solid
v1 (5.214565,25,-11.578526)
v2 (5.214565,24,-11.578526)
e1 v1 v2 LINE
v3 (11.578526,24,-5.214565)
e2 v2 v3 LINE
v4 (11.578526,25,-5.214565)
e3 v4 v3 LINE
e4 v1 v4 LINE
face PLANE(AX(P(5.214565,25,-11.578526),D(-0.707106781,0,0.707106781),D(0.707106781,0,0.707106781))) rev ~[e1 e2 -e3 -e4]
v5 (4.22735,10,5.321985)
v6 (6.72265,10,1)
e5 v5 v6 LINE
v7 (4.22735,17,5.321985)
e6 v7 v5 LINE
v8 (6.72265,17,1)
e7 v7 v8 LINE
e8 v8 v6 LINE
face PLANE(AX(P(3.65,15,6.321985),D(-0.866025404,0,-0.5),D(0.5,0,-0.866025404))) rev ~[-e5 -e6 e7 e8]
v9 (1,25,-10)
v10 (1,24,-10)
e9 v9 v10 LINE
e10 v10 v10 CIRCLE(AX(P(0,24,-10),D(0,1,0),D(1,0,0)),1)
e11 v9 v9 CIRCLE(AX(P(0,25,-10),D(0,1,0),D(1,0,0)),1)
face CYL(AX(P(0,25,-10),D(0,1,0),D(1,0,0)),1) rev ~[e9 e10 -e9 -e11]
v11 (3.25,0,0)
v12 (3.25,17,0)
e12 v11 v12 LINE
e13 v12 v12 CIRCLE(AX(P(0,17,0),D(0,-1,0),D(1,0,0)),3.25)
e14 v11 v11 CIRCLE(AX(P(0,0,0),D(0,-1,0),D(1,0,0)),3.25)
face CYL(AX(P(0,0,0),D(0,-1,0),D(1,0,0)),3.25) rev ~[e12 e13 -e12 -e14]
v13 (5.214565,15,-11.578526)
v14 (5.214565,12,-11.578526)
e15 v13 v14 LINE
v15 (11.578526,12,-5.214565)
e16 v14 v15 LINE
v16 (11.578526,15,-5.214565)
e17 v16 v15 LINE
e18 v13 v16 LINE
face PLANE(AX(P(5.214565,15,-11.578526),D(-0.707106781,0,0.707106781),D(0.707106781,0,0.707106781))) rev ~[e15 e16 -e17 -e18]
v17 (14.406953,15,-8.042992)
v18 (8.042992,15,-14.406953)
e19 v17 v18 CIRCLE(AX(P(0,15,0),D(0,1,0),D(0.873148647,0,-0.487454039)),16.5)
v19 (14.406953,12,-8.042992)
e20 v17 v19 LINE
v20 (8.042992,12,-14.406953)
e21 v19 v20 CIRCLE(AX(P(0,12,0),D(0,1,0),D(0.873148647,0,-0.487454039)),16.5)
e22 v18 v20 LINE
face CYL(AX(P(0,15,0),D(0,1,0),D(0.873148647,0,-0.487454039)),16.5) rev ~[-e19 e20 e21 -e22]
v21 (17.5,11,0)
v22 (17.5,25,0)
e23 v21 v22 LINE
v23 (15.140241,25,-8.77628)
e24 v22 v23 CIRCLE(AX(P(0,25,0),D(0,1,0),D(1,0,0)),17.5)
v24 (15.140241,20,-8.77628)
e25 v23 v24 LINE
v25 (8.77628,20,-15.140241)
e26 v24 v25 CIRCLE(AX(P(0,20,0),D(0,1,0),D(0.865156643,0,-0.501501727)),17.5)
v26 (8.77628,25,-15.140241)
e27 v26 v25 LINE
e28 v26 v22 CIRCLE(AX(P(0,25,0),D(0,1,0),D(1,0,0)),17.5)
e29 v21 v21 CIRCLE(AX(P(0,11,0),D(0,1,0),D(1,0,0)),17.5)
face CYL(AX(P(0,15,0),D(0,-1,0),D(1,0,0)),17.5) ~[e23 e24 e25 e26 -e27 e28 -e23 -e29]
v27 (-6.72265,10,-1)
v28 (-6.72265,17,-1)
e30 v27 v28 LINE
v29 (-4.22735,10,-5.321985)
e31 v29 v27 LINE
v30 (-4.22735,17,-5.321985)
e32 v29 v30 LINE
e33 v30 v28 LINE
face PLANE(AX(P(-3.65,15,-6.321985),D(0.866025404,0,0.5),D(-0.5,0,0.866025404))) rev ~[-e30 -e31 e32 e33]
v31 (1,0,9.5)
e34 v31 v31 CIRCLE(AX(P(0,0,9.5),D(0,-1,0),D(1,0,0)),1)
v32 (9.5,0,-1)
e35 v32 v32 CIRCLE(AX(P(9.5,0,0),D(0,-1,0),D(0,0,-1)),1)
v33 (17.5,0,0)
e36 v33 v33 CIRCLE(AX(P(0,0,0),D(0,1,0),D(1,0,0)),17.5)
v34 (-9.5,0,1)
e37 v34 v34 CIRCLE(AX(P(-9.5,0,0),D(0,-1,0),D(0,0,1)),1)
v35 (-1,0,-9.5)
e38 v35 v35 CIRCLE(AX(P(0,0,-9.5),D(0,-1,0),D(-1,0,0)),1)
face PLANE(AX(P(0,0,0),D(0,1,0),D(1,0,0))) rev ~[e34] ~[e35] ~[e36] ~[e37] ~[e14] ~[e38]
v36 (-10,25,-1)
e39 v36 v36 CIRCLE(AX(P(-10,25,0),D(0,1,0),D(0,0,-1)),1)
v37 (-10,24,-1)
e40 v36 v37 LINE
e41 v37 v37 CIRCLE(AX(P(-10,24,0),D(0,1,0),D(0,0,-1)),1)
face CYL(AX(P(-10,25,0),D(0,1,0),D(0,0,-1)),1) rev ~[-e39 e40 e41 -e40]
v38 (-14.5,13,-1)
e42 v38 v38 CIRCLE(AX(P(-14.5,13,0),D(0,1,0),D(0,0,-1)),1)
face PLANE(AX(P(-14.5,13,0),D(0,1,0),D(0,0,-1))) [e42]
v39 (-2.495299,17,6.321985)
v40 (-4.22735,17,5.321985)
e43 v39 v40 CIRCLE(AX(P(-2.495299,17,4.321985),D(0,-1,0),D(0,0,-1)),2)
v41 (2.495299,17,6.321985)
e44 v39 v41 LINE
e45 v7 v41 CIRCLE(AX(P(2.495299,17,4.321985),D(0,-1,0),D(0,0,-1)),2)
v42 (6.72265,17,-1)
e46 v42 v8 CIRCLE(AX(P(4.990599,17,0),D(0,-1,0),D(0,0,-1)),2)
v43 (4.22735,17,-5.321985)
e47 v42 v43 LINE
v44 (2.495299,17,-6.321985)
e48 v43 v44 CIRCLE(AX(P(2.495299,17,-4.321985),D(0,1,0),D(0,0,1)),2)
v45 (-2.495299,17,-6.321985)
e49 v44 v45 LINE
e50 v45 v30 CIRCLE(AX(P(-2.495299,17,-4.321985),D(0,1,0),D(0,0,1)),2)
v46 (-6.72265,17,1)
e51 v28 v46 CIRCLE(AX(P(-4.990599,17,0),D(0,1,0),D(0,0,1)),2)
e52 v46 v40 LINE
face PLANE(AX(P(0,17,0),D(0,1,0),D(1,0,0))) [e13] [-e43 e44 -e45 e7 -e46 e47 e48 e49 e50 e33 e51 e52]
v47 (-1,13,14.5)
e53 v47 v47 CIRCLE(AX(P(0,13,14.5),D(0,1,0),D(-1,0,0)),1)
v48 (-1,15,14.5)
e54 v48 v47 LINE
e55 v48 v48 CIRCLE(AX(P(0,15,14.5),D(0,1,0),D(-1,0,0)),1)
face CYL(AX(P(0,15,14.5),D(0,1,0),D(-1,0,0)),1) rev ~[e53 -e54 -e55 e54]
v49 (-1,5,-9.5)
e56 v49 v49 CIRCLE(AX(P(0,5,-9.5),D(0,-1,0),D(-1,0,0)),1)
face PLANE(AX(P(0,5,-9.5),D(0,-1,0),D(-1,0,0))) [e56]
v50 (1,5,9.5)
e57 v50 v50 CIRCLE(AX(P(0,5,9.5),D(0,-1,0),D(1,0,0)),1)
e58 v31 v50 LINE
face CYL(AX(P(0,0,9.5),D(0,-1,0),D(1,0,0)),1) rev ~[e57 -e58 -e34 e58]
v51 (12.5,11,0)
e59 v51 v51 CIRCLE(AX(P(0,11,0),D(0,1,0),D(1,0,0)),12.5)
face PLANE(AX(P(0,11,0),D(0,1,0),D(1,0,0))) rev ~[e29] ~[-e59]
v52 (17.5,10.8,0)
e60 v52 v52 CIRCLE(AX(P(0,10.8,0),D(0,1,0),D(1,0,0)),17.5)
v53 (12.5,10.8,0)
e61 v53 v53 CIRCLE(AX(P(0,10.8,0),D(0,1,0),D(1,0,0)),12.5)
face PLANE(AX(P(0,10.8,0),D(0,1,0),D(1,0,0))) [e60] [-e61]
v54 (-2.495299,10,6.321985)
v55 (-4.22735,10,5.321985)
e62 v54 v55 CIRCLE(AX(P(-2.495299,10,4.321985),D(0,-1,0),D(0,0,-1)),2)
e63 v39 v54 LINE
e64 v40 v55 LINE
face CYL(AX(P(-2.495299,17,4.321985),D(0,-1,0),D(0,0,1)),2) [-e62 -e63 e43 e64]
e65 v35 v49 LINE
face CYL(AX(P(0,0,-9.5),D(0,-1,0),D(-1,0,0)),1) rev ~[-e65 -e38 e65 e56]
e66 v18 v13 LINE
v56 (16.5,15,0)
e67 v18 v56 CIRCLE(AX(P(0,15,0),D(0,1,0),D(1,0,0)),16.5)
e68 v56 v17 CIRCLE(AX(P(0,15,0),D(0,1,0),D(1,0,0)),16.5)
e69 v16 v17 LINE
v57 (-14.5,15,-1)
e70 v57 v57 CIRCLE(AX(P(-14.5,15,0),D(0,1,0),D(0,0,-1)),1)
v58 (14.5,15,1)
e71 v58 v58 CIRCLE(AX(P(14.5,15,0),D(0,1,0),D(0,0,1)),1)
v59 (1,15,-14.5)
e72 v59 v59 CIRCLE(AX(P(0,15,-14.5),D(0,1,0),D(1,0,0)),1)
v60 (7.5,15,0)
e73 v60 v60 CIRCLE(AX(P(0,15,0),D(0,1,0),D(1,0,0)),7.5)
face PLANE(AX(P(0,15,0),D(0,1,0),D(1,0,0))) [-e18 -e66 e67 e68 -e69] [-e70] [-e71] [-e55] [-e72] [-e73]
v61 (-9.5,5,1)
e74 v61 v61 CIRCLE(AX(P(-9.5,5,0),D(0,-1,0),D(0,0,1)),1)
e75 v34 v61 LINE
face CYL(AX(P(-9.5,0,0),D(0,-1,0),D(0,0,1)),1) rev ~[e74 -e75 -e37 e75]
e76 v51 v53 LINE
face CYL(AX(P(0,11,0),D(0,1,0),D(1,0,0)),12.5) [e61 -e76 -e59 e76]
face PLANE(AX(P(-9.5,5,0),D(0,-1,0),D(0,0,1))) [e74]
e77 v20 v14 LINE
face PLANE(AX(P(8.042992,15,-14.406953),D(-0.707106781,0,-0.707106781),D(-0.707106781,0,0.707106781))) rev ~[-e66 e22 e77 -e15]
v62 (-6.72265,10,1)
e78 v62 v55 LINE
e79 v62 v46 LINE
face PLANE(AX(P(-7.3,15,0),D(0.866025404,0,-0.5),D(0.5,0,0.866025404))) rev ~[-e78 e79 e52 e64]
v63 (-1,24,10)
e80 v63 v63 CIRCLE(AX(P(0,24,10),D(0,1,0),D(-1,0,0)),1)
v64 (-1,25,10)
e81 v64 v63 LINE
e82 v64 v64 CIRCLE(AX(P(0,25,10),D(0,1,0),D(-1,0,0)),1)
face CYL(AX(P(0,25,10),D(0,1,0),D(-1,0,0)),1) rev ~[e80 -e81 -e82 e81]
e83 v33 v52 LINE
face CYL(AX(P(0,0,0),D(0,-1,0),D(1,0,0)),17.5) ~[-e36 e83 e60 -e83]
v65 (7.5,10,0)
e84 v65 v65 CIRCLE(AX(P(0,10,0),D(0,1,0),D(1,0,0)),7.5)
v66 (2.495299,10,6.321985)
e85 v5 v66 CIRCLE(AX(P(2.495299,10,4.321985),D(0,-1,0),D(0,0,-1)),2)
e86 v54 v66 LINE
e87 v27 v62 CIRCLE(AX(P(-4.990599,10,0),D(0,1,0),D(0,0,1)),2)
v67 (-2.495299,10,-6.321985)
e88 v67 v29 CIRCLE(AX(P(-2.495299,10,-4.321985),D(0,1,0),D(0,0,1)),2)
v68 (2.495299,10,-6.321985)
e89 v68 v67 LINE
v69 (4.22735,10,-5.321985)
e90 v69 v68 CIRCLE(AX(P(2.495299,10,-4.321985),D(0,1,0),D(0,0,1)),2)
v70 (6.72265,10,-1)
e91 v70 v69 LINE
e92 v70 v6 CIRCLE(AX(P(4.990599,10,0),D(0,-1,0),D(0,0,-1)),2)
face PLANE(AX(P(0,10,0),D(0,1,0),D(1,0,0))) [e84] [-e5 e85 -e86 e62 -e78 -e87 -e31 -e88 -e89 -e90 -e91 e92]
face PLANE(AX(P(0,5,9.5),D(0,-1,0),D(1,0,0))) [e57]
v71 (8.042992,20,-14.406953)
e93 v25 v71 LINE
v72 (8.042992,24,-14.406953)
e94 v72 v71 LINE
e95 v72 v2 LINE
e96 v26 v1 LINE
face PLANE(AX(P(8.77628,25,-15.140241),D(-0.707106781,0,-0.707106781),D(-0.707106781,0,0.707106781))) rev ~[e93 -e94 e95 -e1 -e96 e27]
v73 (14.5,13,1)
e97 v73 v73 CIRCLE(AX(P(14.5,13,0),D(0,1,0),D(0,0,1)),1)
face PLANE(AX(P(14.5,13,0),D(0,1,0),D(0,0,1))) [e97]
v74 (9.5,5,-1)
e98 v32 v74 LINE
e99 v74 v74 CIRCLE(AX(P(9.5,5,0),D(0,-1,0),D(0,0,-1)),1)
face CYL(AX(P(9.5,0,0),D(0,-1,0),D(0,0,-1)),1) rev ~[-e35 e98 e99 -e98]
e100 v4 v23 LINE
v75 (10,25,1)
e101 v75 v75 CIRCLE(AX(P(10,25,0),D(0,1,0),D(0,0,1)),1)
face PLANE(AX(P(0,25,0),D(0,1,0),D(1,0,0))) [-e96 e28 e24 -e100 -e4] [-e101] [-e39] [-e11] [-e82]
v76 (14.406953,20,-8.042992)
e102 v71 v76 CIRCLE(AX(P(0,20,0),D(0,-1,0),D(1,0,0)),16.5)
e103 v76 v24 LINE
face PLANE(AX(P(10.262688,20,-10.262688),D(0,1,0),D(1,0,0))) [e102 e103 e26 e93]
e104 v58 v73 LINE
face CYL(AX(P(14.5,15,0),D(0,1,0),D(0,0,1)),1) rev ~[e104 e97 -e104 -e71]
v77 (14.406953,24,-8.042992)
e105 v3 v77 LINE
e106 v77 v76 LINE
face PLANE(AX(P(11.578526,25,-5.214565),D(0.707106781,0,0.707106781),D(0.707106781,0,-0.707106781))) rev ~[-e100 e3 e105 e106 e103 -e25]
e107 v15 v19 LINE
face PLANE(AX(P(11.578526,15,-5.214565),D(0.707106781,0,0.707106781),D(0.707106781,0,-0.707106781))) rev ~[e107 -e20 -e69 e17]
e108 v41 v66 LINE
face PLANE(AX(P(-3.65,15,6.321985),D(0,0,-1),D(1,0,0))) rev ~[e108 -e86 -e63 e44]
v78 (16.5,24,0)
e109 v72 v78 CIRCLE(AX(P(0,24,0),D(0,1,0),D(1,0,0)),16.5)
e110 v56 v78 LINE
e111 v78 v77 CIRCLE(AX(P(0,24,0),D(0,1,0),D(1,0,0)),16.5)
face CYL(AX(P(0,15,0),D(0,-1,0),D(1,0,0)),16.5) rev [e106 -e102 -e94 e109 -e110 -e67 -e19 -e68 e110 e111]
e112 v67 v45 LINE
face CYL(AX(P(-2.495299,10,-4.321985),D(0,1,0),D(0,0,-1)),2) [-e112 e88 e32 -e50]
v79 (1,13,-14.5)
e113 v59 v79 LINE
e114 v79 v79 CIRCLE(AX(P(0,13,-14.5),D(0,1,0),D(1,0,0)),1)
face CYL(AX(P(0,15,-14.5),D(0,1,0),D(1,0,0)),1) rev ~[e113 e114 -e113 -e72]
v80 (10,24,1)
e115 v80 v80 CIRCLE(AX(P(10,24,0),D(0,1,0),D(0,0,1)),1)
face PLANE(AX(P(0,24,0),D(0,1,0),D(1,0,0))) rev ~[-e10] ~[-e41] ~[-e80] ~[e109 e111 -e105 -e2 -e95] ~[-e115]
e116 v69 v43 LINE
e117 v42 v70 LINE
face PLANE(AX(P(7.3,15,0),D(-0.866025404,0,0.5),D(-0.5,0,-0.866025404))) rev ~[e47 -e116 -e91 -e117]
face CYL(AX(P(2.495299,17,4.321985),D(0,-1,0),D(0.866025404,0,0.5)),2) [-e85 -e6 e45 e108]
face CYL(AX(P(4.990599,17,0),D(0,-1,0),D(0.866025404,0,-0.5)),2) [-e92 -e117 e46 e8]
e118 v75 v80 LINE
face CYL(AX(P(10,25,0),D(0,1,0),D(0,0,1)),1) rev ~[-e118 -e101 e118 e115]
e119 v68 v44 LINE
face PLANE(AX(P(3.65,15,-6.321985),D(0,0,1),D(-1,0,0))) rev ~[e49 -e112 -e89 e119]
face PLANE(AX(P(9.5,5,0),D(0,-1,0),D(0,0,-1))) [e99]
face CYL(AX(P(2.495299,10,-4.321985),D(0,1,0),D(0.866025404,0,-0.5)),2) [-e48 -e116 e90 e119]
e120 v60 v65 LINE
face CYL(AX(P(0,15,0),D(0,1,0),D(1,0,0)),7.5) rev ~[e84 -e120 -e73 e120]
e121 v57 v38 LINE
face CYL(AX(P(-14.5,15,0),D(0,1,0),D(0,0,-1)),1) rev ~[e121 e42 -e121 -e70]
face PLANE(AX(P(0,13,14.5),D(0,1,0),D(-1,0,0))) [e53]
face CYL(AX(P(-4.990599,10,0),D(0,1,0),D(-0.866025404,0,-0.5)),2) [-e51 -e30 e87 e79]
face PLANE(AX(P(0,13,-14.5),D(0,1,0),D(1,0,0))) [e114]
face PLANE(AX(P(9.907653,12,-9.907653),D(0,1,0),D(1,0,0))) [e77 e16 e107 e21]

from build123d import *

# Parameters (mm, degrees)
SKETCH1_R           = 17.5
BOSS_EXTRUDE1_DEPTH = 15
BOSS_EXTRUDE2_DEPTH = 2
CUT_EXTRUDE1_REACH  = 19
SKETCH3_R           = 3.25
SKETCH4_R           = 1
CUT_EXTRUDE2_DEPTH  = 5
CIRPATTERN1_COUNT   = 4
SKETCH5_R           = 1
CUT_EXTRUDE3_DEPTH  = 2
CIRPATTERN2_COUNT   = 4
SKETCH6_R           = 7.5
CUT_EXTRUDE4_DEPTH  = 5
CUT_EXTRUDE6_START  = -4
SKETCH7_R           = 17.5
SKETCH7_R_2         = 12.5
CUT_EXTRUDE6_DEPTH  = 0.2
FILLET1_R           = 2
CUT_EXTRUDE7_DEPTH  = 3
SKETCH9_R           = 17.5
SKETCH9_R_2         = 16.5
BOSS_EXTRUDE3_DEPTH = 10
SKETCH10_R          = 16.5
BOSS_EXTRUDE4_DEPTH = 1
CUT_EXTRUDE8_DEPTH  = 5
SKETCH12_R          = 1
CUT_EXTRUDE9_DEPTH  = 1
CIRPATTERN3_COUNT   = 4


with BuildPart() as part:
    # Sketch1 → Boss-Extrude1 (new body)
    with BuildSketch(Plane(origin=(0, 0, 0), x_dir=(1, 0, 0), z_dir=(0, 1, 0))):
        Circle(SKETCH1_R)
    extrude(amount=BOSS_EXTRUDE1_DEPTH)

    # Sketch2 → Boss-Extrude2 (add)
    with BuildSketch(Plane(origin=(0, 15, 0), x_dir=(1, 0, 0), z_dir=(0, 1, 0))):
        Polygon((7.3, 0), (3.65, 6.321985448), (-3.65, 6.321985448), (-7.3, 0), (-3.65, -6.321985448), (3.65, -6.321985448), align=None)
    extrude(amount=BOSS_EXTRUDE2_DEPTH)

    # Sketch3 → Cut-Extrude1 (cut, up to next)
    with BuildSketch(Plane.XZ, mode=Mode.PRIVATE) as cut_extrude1_sk1:
        Circle(SKETCH3_R)
    cut_extrude1_tool1 = extrude(cut_extrude1_sk1.sketch, amount=-CUT_EXTRUDE1_REACH, mode=Mode.PRIVATE) & part.part
    add(cut_extrude1_tool1.solids().sort_by_distance((0, 0, 0))[0], mode=Mode.SUBTRACT)

    # Sketch4 → Cut-Extrude2 (cut)
    with BuildSketch(Plane.XZ):
        with Locations((0, 9.5)):
            Circle(SKETCH4_R)
    cut_extrude2 = extrude(amount=-CUT_EXTRUDE2_DEPTH, mode=Mode.SUBTRACT)

    # CirPattern1: Cut-Extrude2 ×4 about axis
    cirpattern1_axis = Axis((0, 0, 0), (0, 1, 0))
    for i in range(1, CIRPATTERN1_COUNT):
        add(cut_extrude2.rotate(cirpattern1_axis, i * 360 / CIRPATTERN1_COUNT), mode=Mode.SUBTRACT)

    # Sketch5 → Cut-Extrude3 (cut)
    with BuildSketch(Plane(origin=(0, 15, 0), x_dir=(1, 0, 0), z_dir=(0, 1, 0))):
        with Locations((0, 14.5)):
            Circle(SKETCH5_R)
    cut_extrude3 = extrude(amount=-CUT_EXTRUDE3_DEPTH, mode=Mode.SUBTRACT)

    # CirPattern2: Cut-Extrude3 ×4 about axis
    cirpattern2_axis = Axis((0, 0, 0), (0, 1, 0))
    for i in range(1, CIRPATTERN2_COUNT):
        add(cut_extrude3.rotate(cirpattern2_axis, i * 360 / CIRPATTERN2_COUNT), mode=Mode.SUBTRACT)

    # Sketch6 → Cut-Extrude4 (cut)
    with BuildSketch(Plane(origin=(0, 15, 0), x_dir=(1, 0, 0), z_dir=(0, 1, 0))):
        Circle(SKETCH6_R)
        Polygon((7.3, 0), (3.65, 6.321985448), (-3.65, 6.321985448), (-7.3, 0), (-3.65, -6.321985448), (3.65, -6.321985448), align=None, mode=Mode.SUBTRACT)
    extrude(amount=-CUT_EXTRUDE4_DEPTH, mode=Mode.SUBTRACT)

    # Sketch7 → Cut-Extrude6 (cut)
    with BuildSketch(Plane(origin=(0, 15, 0), x_dir=(1, 0, 0), z_dir=(0, 1, 0)).offset(CUT_EXTRUDE6_START)):
        Circle(SKETCH7_R)
        Circle(SKETCH7_R_2, mode=Mode.SUBTRACT)
    extrude(amount=-CUT_EXTRUDE6_DEPTH, mode=Mode.SUBTRACT)

    # Fillet1
    fillet1_edges = [part.edges().sort_by_distance(p)[0] for p in [
        (-7.3, 13.5, 0),
        (-3.65, 13.5, 6.321985448),
        (3.65, 13.5, 6.321985448),
        (7.3, 13.5, 0),
        (3.65, 13.5, -6.321985448),
        (-3.65, 13.5, -6.321985448),
    ]]
    fillet(fillet1_edges, radius=FILLET1_R)

    # Sketch8 → Cut-Extrude7 (cut)
    with BuildSketch(Plane(origin=(0, 15, 0), x_dir=(1, 0, 0), z_dir=(0, 1, 0))):
        with BuildLine():
            Line((8.042991645, 14.406952676), (5.21456452, 11.578525551))
            Line((5.21456452, 11.578525551), (11.578525551, 5.21456452))
            Line((11.578525551, 5.21456452), (14.406952676, 8.042991645))
            ThreePointArc((14.406952676, 8.042991645), (11.66726189, 11.66726189), (8.042991645, 14.406952676))
        make_face()
    extrude(amount=-CUT_EXTRUDE7_DEPTH, mode=Mode.SUBTRACT)

    # Sketch9 → Boss-Extrude3 (add)
    with BuildSketch(Plane(origin=(0, 15, 0), x_dir=(1, 0, 0), z_dir=(0, 1, 0))):
        Circle(SKETCH9_R)
        Circle(SKETCH9_R_2, mode=Mode.SUBTRACT)
    extrude(amount=BOSS_EXTRUDE3_DEPTH)

    # Sketch10 → Boss-Extrude4 (add)
    with BuildSketch(Plane(origin=(0, 25, 0), x_dir=(1, 0, 0), z_dir=(0, 1, 0))):
        Circle(SKETCH10_R)
    extrude(amount=-BOSS_EXTRUDE4_DEPTH)

    # Sketch11 → Cut-Extrude8 (cut)
    with BuildSketch(Plane(origin=(0, 25, 0), x_dir=(1, 0, 0), z_dir=(0, 1, 0))):
        with BuildLine():
            Line((5.21456452, 11.578525551), (11.578525551, 5.21456452))
            Line((11.578525551, 5.21456452), (15.140241258, 8.776280228))
            ThreePointArc((15.140241258, 8.776280228), (12.374368671, 12.374368671), (8.776280228, 15.140241258))
            Line((8.776280228, 15.140241258), (5.21456452, 11.578525551))
        make_face()
    extrude(amount=-CUT_EXTRUDE8_DEPTH, mode=Mode.SUBTRACT)

    # Sketch12 → Cut-Extrude9 (cut)
    with BuildSketch(Plane(origin=(0, 25, 0), x_dir=(1, 0, 0), z_dir=(0, 1, 0))):
        with Locations((0, 10)):
            Circle(SKETCH12_R)
    cut_extrude9 = extrude(amount=-CUT_EXTRUDE9_DEPTH, mode=Mode.SUBTRACT)

    # CirPattern3: Cut-Extrude9 ×4 about axis
    cirpattern3_axis = Axis((0, 0, 0), (0, 1, 0))
    for i in range(1, CIRPATTERN3_COUNT):
        add(cut_extrude9.rotate(cirpattern3_axis, i * 360 / CIRPATTERN3_COUNT), mode=Mode.SUBTRACT)


solid = part.part
